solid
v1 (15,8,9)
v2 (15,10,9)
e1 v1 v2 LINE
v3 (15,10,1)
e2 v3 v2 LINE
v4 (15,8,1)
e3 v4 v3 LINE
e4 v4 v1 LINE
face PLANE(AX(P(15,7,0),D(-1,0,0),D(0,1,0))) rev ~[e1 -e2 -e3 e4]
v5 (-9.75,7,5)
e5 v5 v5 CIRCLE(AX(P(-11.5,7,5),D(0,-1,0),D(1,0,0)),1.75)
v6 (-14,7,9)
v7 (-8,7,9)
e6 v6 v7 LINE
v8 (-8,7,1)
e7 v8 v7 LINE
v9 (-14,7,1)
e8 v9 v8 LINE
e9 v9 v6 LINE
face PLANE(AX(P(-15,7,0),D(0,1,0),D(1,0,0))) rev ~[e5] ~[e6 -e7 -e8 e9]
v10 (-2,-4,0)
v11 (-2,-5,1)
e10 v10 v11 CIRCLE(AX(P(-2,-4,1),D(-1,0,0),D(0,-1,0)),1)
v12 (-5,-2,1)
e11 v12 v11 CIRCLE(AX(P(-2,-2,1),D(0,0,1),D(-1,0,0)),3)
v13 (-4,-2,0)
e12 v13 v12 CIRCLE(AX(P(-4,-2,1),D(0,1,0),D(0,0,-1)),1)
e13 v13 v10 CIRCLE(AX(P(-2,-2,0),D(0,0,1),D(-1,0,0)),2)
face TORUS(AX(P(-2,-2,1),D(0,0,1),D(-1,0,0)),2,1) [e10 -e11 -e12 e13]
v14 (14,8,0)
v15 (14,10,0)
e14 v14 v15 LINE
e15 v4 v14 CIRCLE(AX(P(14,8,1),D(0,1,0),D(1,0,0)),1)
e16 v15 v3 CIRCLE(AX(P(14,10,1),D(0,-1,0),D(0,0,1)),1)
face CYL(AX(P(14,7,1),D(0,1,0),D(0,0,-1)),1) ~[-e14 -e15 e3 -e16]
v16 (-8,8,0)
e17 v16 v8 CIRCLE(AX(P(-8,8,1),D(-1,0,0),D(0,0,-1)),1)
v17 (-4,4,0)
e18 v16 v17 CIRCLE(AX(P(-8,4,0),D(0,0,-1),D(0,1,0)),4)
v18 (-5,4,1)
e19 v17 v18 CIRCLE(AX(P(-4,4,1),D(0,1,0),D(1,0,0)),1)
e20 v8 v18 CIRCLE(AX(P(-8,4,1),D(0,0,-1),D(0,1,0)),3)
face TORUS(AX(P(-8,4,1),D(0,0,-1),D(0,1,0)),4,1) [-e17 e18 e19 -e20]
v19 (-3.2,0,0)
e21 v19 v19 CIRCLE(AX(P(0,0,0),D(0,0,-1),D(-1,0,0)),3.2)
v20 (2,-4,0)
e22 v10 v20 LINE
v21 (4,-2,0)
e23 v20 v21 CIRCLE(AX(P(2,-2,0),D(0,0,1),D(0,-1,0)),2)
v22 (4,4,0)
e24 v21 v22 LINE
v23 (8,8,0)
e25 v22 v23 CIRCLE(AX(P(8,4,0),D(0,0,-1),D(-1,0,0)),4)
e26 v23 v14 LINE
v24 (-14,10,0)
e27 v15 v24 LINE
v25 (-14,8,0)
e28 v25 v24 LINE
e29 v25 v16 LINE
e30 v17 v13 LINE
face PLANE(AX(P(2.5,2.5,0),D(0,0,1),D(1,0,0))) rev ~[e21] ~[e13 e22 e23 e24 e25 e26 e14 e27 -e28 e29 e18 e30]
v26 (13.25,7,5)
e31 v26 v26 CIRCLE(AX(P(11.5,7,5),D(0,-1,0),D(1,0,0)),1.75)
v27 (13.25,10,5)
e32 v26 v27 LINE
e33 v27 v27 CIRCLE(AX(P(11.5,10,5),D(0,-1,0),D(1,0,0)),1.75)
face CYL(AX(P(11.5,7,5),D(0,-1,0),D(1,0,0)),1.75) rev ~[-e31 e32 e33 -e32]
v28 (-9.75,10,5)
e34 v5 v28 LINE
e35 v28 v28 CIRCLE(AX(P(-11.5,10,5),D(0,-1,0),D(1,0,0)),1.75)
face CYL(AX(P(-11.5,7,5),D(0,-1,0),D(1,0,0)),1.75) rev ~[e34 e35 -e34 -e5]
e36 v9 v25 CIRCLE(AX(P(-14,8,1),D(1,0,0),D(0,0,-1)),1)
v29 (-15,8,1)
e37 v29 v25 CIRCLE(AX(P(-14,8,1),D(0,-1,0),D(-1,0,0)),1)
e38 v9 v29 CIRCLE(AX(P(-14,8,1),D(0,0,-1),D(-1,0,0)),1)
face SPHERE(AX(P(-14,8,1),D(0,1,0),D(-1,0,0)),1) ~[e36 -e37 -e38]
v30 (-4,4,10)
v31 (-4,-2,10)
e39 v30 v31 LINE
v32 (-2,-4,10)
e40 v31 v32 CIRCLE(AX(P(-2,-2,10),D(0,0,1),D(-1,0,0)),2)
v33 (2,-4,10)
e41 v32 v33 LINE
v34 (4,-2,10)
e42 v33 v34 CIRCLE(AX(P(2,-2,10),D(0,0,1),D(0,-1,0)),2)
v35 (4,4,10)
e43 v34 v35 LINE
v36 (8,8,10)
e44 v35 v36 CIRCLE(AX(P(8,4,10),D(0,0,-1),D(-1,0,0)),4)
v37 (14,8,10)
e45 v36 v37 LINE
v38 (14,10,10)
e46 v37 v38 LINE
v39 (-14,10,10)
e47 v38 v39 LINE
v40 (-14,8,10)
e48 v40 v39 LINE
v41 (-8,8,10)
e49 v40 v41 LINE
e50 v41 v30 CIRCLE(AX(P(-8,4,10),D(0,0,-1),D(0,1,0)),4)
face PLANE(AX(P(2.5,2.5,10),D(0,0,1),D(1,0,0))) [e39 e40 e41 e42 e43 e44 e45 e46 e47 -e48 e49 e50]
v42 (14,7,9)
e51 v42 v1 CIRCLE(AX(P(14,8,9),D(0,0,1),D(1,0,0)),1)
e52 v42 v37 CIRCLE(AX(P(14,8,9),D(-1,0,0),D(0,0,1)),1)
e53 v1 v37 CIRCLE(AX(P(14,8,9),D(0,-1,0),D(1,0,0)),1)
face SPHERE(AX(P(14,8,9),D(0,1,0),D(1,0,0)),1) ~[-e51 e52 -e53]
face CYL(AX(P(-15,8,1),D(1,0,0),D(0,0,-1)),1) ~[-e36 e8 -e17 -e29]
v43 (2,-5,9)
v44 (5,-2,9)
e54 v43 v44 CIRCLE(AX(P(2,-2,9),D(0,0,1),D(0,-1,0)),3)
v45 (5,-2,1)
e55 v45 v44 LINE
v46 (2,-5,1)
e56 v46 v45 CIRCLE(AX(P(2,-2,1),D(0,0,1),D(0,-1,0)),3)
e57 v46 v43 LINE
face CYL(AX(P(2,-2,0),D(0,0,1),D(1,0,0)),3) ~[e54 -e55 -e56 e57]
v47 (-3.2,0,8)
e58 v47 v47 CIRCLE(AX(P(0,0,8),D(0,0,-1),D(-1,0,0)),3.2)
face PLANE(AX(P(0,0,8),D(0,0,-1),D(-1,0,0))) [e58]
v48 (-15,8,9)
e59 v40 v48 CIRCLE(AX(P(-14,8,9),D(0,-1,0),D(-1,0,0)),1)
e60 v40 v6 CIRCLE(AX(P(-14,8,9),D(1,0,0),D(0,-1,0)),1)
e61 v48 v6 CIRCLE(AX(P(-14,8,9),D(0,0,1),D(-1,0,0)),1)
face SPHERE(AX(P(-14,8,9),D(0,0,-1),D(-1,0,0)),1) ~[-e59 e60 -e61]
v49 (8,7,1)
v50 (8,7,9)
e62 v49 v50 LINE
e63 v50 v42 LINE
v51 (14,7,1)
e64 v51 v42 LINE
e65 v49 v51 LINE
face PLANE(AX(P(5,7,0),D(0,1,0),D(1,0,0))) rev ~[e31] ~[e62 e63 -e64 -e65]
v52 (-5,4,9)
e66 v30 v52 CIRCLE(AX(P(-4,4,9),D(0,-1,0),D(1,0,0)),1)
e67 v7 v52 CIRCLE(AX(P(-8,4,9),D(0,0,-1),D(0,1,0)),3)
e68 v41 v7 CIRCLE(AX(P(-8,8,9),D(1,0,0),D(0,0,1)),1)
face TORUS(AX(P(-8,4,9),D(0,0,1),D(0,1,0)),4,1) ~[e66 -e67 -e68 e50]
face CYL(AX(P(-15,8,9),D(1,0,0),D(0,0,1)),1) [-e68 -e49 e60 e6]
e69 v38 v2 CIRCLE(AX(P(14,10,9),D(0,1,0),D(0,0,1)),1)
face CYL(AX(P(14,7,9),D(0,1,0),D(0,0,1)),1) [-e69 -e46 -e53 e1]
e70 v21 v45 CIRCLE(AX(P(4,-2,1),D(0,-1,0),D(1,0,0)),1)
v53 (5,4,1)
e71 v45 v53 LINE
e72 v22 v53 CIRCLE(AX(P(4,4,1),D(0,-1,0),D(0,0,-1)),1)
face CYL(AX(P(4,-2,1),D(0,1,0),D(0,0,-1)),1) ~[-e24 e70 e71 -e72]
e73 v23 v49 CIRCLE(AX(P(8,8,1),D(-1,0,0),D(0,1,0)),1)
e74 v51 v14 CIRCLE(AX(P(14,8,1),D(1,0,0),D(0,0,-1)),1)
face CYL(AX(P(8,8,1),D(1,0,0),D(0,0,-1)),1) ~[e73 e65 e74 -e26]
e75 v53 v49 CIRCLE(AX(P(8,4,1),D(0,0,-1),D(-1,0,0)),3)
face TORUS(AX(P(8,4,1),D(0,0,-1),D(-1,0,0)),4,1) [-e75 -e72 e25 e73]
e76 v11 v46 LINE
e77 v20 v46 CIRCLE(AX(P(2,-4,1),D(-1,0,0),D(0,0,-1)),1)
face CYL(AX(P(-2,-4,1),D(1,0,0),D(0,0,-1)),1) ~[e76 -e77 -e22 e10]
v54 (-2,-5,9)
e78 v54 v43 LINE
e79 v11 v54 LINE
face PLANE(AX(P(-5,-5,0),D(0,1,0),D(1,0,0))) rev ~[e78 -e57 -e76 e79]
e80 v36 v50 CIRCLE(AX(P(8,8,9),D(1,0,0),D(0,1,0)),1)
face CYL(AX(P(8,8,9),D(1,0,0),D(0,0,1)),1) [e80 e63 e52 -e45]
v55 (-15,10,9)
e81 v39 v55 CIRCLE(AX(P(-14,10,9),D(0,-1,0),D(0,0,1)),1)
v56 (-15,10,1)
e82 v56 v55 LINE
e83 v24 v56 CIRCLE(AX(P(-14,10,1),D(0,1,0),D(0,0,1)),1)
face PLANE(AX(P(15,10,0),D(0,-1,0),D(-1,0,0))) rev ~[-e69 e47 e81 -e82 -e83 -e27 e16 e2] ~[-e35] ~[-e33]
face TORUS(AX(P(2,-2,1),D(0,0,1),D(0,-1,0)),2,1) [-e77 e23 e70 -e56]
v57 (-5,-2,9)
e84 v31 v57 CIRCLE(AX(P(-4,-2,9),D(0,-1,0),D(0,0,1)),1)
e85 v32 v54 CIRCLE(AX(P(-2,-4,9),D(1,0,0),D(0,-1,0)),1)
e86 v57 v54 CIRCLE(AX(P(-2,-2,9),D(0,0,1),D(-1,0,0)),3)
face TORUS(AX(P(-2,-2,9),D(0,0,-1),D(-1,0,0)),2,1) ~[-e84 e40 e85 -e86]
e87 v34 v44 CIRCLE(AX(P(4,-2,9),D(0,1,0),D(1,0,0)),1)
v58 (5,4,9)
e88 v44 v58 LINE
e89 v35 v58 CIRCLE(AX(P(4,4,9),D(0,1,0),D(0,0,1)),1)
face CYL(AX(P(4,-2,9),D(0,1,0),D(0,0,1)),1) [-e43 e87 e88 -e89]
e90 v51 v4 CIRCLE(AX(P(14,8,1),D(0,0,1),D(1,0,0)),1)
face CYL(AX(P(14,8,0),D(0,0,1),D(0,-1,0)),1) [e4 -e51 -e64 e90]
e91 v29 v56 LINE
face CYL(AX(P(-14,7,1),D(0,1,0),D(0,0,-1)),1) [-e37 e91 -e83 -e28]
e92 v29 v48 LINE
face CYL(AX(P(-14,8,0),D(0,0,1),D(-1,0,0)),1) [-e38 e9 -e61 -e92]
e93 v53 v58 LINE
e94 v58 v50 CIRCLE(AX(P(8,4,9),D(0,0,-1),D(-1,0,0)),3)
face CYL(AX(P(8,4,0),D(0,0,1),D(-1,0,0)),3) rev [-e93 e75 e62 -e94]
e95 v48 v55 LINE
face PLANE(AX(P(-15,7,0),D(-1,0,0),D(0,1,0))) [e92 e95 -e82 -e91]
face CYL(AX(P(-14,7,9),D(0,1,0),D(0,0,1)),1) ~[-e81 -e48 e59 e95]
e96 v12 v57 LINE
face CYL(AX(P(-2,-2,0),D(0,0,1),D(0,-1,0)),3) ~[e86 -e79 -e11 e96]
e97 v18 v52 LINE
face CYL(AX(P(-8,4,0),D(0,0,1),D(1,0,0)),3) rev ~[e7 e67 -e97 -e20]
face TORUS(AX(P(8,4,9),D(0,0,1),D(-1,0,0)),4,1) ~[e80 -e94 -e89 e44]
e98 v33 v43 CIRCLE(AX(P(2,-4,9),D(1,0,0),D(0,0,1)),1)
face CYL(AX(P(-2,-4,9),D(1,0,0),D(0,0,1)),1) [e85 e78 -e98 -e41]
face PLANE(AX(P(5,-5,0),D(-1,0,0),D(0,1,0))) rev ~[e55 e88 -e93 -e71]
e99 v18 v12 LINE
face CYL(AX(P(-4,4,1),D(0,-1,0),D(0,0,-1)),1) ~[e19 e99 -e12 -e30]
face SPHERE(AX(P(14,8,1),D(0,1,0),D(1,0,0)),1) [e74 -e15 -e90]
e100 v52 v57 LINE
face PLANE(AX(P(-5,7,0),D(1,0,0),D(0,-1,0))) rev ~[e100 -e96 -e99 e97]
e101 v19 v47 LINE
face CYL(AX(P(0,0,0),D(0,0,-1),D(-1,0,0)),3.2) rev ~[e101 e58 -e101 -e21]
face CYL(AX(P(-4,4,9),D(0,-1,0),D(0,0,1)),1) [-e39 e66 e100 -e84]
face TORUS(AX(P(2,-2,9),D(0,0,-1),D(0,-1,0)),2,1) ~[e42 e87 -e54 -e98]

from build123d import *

# Parameters (mm, degrees)
SKETCH_1_W          = 10
SKETCH_1_H          = 3
EXTRUDE_1_DEPTH     = 10
SKETCH_2_R          = 3.2
CUT_EXTRUDE_1_DEPTH = 8
SKETCH_3_R          = 1.75
CUT_EXTRUDE_2_DEPTH = 4
FILLET_1_R          = 3
FILLET_2_R          = 1


with BuildPart() as part:
    # ｽｹｯﾁ1 → ﾎﾞｽ - 押し出し1 (new body)
    with BuildSketch(Plane.XY):
        Polygon((5, 10), (0, 10), (0, -5), (5, -5), (5, 7), align=None)
        with Locations((10, 8.5)):
            Rectangle(SKETCH_1_W, SKETCH_1_H)
        Polygon((0, -5), (0, 10), (-5, 10), (-5, 7), (-5, -5), align=None)
        with Locations((-10, 8.5)):
            Rectangle(SKETCH_1_W, SKETCH_1_H)
    extrude(amount=EXTRUDE_1_DEPTH)

    # ｽｹｯﾁ2 → ｶｯﾄ - 押し出し1 (cut)
    with BuildSketch(Plane(origin=(0, 0, 0), x_dir=(-1, 0, 0), z_dir=(0, 0, -1))):
        Circle(SKETCH_2_R)
    extrude(amount=-CUT_EXTRUDE_1_DEPTH, mode=Mode.SUBTRACT)

    # ｽｹｯﾁ3 → ｶｯﾄ - 押し出し2 (cut, through all)
    with BuildSketch(Plane.XZ.offset(-7)):
        with Locations((-11.5, 5)):
            Circle(SKETCH_3_R)
        with Locations((11.5, 5)):
            Circle(SKETCH_3_R)
    extrude(amount=-CUT_EXTRUDE_2_DEPTH, mode=Mode.SUBTRACT)

    # ﾌｨﾚｯﾄ1
    fillet_1_edges = [part.edges().sort_by_distance(p)[0] for p in [
        (5, -5, 5),
        (-5, -5, 5),
        (-5, 7, 5),
        (5, 7, 5),
    ]]
    fillet(fillet_1_edges, radius=FILLET_1_R)

    # ﾌｨﾚｯﾄ2
    fillet_2_edges = [part.edges().sort_by_distance(p)[0] for p in [
        (-15, 8.5, 0),
        (15, 8.5, 0),
        (15, 8.5, 10),
        (-15, 7, 5),
        (15, 7, 5),
        (-15, 8.5, 10),
        (-5, 1, 0),
        (-5, 1, 10),
        (-11.5, 7, 0),
        (-11.5, 7, 10),
        (11.5, 7, 0),
        (11.5, 7, 10),
        (5, 1, 0),
        (5, 1, 10),
        (0, -5, 0),
        (0, -5, 10),
        (4.121320344, -4.121320344, 0),
        (-4.121320344, -4.121320344, 0),
        (4.121320344, -4.121320344, 10),
        (-4.121320344, -4.121320344, 10),
        (-5.878679656, 6.121320344, 0),
        (-5.878679656, 6.121320344, 10),
        (5.878679656, 6.121320344, 0),
        (5.878679656, 6.121320344, 10),
    ]]
    fillet(fillet_2_edges, radius=FILLET_2_R)


solid = part.part
